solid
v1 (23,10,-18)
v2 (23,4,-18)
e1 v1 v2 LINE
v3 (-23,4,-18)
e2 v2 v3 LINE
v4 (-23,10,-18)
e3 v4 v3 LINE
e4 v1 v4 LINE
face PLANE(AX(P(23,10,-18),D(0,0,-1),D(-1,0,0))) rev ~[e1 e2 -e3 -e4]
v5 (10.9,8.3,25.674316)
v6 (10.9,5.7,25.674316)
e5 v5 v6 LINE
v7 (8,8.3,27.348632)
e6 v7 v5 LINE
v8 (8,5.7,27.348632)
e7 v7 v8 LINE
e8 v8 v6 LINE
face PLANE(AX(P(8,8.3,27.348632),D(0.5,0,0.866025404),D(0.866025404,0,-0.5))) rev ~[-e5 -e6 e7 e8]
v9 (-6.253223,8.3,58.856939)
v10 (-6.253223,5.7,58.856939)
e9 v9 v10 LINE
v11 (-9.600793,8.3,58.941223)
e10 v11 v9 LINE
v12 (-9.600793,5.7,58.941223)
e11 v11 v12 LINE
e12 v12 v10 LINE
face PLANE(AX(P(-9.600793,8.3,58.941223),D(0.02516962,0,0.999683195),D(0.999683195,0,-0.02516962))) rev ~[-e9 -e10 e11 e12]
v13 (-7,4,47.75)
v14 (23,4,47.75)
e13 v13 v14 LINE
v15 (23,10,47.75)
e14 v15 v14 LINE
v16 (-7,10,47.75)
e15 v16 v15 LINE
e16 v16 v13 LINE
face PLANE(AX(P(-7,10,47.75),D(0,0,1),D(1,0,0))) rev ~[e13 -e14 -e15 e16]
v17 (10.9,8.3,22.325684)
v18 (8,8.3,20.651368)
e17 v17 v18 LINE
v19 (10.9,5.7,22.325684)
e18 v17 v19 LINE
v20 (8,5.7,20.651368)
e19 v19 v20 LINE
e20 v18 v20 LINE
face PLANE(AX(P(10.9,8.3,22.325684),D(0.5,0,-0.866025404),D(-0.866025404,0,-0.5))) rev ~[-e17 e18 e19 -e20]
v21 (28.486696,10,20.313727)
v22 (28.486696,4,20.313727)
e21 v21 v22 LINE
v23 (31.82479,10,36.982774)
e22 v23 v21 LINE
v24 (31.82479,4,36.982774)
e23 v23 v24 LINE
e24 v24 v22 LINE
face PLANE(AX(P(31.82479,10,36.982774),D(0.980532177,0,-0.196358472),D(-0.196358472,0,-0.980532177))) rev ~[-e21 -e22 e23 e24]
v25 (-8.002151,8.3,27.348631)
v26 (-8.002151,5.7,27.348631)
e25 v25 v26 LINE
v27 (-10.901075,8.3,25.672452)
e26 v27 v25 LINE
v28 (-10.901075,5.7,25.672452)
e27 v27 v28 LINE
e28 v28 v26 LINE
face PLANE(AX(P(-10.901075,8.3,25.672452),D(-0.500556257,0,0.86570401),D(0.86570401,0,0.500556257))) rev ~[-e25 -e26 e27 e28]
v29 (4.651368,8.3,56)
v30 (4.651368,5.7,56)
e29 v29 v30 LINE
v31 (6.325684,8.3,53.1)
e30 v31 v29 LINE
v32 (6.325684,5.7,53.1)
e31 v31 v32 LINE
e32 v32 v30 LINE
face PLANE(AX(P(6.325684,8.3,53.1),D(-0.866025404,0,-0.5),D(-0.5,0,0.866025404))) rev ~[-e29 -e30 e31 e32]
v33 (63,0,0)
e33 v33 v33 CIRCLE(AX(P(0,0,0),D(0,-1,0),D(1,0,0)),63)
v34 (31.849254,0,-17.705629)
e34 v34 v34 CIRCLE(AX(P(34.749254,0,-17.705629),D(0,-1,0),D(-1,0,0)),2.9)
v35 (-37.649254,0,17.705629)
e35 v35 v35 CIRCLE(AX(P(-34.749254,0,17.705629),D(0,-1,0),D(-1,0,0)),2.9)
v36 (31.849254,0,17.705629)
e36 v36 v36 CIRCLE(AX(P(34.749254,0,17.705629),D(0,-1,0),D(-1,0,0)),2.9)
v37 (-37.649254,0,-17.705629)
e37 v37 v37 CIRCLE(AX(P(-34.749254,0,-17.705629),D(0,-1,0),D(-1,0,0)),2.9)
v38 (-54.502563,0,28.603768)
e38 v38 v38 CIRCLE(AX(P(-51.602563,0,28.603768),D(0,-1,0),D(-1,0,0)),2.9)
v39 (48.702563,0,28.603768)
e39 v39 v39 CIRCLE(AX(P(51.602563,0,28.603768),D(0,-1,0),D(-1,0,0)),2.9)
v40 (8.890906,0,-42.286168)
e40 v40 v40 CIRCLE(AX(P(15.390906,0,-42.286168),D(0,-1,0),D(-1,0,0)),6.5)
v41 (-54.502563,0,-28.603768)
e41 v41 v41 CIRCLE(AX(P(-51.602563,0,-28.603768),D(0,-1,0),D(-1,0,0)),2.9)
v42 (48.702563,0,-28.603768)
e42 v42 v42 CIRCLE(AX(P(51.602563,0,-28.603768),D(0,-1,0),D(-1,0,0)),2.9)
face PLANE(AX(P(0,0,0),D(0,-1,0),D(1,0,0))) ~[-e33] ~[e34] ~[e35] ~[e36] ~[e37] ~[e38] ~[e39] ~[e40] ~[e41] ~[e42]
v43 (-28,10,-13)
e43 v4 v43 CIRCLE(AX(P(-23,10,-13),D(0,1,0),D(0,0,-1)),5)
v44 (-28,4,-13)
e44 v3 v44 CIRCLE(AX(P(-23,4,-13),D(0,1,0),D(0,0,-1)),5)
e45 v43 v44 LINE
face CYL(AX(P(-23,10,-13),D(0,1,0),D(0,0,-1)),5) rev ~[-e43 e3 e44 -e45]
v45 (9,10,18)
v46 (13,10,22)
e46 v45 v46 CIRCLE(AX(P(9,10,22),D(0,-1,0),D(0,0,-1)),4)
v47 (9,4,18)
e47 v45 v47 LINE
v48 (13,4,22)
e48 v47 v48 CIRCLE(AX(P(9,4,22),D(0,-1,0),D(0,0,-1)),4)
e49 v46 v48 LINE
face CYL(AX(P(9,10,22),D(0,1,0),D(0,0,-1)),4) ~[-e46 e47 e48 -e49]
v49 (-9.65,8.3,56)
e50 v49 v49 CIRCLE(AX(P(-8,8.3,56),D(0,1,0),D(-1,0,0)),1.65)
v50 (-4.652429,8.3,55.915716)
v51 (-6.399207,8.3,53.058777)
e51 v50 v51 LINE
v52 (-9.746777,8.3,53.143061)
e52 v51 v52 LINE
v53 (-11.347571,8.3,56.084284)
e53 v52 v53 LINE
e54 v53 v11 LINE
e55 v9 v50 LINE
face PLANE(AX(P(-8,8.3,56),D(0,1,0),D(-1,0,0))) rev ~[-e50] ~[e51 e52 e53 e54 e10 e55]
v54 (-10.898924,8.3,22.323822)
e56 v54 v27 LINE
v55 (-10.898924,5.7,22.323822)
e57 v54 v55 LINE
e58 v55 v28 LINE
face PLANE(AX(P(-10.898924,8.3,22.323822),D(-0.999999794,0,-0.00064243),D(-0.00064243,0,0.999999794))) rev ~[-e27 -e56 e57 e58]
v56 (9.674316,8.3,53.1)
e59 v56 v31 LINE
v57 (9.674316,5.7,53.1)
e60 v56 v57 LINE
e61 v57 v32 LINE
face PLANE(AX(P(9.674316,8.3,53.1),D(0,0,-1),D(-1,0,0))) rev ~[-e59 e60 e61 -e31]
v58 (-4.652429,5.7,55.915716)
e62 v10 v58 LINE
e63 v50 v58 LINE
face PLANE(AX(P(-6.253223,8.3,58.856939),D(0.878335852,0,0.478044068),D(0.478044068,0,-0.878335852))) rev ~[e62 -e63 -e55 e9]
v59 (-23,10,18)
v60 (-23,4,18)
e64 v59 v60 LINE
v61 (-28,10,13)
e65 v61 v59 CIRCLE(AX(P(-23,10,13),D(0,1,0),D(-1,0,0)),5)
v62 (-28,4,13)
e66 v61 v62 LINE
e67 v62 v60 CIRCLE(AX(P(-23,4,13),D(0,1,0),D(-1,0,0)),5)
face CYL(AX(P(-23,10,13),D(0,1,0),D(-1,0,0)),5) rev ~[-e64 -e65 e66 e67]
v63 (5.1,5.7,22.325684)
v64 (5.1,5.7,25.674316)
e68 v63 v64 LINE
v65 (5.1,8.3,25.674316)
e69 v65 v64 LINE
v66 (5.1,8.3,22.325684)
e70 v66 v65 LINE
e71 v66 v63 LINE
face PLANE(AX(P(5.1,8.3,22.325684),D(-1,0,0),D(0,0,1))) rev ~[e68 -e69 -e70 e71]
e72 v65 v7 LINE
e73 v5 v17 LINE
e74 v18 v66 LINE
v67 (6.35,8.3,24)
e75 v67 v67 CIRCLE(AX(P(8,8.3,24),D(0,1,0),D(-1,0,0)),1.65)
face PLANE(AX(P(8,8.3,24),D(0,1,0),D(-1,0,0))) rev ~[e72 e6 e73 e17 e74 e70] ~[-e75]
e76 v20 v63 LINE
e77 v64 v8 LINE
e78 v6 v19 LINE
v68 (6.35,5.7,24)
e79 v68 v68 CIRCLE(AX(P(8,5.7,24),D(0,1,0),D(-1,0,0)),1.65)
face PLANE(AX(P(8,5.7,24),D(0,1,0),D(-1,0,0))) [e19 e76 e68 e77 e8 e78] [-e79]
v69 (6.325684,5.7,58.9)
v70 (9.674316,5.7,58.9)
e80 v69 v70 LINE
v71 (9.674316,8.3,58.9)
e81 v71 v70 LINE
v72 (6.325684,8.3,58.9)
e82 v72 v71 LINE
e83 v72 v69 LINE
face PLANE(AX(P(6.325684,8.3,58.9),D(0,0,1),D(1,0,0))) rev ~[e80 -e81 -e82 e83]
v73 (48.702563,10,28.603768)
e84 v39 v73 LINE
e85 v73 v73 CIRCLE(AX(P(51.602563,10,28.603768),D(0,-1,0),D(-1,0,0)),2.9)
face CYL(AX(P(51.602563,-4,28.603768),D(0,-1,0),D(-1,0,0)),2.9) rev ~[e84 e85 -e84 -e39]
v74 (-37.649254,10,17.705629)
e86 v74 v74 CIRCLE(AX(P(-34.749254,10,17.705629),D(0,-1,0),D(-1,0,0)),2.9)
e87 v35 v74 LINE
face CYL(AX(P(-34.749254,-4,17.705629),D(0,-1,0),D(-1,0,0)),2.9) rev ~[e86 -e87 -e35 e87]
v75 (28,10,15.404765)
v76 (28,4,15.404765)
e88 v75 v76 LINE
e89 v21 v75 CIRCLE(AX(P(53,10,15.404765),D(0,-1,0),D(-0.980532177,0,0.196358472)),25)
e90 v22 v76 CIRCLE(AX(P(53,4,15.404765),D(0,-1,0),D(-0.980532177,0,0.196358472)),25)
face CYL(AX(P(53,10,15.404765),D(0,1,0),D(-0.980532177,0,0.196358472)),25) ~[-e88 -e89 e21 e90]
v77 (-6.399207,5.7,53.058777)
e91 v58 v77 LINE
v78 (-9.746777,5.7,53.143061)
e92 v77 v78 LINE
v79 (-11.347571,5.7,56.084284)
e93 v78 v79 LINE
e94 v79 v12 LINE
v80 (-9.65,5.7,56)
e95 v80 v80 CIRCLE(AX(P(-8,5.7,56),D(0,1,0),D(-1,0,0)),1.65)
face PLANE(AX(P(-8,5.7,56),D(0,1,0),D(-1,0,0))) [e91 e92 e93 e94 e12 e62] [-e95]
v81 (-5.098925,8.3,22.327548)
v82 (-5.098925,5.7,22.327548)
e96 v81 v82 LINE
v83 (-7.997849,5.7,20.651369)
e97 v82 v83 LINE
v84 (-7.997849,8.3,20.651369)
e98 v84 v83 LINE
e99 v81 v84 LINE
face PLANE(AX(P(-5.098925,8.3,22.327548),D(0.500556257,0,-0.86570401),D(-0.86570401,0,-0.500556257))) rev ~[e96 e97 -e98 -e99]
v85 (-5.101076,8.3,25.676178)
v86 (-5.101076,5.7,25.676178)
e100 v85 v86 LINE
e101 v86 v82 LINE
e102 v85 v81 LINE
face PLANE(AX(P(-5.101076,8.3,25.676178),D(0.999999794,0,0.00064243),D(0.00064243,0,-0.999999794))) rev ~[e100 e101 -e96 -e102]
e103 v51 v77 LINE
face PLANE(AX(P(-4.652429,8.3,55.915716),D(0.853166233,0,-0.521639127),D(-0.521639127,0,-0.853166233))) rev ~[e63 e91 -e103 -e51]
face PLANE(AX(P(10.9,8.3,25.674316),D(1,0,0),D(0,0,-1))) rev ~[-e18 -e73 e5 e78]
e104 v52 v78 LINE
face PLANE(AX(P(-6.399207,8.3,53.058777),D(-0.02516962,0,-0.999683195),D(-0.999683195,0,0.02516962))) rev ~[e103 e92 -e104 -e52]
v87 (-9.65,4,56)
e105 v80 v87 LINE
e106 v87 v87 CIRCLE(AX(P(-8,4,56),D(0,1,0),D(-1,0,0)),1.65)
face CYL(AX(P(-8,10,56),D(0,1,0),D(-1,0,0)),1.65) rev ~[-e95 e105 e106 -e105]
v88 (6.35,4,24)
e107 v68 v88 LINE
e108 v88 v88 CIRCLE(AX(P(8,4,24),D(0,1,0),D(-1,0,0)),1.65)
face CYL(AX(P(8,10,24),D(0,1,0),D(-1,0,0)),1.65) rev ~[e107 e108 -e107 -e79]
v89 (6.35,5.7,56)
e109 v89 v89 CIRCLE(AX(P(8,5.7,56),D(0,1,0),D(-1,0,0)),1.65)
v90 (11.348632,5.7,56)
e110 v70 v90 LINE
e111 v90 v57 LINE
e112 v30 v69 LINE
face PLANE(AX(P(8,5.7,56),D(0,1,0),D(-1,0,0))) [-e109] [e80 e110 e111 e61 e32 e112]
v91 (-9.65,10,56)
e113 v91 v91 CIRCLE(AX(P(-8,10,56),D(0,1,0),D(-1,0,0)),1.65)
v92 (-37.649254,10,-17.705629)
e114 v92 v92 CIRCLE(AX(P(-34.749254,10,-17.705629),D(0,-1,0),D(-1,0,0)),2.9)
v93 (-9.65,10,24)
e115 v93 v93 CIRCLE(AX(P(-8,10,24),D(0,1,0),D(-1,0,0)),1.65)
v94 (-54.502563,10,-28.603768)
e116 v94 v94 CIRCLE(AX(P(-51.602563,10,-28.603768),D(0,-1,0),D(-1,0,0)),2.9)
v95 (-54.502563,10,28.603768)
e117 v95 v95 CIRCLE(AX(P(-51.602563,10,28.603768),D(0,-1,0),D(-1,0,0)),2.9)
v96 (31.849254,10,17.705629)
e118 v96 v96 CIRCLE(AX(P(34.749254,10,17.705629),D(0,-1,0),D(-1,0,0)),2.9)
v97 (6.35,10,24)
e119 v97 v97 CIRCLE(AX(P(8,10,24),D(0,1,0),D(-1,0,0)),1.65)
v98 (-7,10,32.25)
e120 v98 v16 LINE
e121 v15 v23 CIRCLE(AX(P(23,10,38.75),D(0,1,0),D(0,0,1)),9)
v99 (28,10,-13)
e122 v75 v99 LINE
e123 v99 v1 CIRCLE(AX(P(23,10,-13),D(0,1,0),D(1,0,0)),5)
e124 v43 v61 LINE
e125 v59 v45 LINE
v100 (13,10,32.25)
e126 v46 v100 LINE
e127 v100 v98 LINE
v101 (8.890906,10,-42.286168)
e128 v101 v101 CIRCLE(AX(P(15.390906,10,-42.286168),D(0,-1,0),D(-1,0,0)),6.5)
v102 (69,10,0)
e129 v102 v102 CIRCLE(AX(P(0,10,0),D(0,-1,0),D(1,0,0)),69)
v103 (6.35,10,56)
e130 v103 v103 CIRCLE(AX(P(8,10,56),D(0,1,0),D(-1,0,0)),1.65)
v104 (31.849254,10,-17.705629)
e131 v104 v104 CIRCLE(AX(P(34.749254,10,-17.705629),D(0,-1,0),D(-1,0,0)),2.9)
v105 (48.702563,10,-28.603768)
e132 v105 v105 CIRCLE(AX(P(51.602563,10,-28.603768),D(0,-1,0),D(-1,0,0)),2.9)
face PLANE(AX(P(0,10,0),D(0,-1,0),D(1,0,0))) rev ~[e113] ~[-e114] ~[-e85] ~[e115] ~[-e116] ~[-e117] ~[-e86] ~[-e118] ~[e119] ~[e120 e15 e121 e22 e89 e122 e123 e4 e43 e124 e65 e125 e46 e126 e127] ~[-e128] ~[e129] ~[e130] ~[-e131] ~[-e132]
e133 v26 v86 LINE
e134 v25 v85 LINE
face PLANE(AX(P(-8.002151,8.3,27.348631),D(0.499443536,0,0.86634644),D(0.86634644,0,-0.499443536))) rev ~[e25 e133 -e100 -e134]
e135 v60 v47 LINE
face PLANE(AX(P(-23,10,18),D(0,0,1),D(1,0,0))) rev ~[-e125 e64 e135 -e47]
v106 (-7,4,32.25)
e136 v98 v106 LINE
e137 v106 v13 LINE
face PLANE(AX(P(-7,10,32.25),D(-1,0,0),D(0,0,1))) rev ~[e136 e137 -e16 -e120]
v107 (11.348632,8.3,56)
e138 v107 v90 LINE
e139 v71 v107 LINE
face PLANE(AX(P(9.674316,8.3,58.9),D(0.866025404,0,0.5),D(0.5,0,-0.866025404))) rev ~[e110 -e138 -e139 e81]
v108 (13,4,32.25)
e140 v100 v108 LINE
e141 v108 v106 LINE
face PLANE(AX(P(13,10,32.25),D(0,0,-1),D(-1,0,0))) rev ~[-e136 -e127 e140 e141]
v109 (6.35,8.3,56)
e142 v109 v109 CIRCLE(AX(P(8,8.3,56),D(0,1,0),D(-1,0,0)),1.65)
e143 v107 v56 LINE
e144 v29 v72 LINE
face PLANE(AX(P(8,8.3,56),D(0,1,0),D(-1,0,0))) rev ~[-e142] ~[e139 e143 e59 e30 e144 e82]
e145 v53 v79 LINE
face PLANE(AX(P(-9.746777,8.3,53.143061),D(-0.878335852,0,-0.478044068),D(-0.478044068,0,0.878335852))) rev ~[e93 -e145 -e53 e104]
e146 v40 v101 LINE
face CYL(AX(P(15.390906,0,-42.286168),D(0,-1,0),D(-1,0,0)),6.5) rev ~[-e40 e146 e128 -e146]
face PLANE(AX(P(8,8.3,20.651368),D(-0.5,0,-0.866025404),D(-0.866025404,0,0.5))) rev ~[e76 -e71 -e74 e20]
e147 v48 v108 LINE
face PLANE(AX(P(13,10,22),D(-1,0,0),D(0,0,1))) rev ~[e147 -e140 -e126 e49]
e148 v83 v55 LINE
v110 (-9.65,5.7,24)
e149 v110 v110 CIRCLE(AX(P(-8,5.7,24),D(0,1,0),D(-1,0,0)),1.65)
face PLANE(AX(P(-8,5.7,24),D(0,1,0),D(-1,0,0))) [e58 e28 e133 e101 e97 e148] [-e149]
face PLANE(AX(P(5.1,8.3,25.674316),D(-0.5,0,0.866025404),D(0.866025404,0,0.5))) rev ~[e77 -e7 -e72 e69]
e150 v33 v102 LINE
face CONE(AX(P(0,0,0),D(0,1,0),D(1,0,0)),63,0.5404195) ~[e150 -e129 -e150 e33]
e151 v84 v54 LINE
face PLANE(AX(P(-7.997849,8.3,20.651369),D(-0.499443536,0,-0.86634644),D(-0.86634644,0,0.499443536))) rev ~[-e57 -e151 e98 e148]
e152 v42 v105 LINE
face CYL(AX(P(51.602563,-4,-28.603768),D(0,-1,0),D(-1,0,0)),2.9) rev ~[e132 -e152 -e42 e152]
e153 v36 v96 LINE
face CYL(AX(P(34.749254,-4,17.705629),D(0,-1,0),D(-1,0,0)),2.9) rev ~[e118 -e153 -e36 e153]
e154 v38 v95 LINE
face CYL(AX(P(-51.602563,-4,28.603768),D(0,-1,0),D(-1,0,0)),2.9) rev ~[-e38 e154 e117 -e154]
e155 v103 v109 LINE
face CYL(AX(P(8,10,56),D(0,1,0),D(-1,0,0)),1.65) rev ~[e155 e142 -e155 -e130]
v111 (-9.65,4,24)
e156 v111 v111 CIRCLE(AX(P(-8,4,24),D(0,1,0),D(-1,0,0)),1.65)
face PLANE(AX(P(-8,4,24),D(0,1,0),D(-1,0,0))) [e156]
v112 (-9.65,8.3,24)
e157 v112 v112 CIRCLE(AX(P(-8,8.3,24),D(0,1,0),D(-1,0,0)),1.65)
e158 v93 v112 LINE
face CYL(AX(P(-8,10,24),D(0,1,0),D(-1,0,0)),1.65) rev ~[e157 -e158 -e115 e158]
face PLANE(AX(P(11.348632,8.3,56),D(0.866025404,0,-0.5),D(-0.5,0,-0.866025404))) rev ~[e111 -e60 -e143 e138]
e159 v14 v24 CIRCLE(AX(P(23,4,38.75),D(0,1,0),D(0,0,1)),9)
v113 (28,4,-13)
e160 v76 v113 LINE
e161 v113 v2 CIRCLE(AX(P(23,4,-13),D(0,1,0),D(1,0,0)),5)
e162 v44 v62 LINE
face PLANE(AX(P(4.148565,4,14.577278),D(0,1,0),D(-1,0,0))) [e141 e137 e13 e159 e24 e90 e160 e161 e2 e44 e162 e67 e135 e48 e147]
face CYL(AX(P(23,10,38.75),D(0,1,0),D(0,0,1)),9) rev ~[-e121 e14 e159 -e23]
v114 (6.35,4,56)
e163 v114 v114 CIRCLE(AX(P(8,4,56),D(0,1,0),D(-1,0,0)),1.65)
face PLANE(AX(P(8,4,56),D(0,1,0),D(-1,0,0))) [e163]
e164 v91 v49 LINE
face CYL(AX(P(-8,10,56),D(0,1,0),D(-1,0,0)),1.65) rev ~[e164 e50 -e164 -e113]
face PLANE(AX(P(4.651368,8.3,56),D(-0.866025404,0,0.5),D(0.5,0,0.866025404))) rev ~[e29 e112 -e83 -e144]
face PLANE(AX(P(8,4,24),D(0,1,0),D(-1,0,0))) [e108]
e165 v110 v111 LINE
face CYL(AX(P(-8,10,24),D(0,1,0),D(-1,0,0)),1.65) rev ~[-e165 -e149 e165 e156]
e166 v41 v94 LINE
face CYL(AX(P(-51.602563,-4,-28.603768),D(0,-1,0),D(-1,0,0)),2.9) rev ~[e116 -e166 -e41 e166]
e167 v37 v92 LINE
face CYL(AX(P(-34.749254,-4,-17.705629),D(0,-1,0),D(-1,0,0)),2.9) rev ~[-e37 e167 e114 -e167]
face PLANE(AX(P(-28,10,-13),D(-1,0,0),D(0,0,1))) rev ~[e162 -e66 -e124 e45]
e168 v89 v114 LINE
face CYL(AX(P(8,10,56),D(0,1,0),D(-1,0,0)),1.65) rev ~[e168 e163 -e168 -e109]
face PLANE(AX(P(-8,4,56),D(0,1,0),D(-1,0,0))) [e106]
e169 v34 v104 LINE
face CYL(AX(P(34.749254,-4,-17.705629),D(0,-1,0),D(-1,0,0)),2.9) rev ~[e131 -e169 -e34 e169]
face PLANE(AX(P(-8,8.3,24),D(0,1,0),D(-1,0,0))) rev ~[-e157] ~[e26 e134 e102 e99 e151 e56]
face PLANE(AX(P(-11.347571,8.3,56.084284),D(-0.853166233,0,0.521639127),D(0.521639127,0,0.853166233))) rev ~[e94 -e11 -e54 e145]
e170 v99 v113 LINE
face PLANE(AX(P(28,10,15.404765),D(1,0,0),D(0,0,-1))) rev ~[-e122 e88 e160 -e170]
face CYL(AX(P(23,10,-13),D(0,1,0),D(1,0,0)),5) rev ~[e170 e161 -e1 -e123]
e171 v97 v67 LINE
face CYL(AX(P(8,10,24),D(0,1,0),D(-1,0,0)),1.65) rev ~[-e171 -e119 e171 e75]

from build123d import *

# Parameters (mm, degrees)
SKETCH4_R          = 1.65
CUT_EXTRUDE1_DEPTH = 4
CUT_EXTRUDE2_START = 4
SKETCH5_R          = 2.9
CUT_EXTRUDE2_DEPTH = 15
SKETCH7_R          = 6.5
CUT_EXTRUDE4_DEPTH = 10
SKETCH10_R         = 1.65
CUT_EXTRUDE5_DEPTH = 6
CUT_EXTRUDE6_START = -1.7
CUT_EXTRUDE6_DEPTH = 2.6


with BuildPart() as part:
    # Sketch1 → Revolve1 (revolve)
    with BuildSketch(Plane.XY):
        Polygon((0, 0), (63, 0), (69, 10), (0, 10), align=None)
    revolve(axis=Axis((0, 10, 0), (0, -1, 0)))

    # Sketch4 → Cut-Extrude1 (cut)
    with BuildSketch(Plane(origin=(0, 0, 0), x_dir=(1, 0, 0), z_dir=(0, 1, 0))):
        with Locations((34.749254443, 17.70562949)):
            Circle(SKETCH4_R)
        with Locations((51.602562721, 28.603767595)):
            Circle(SKETCH4_R)
        with Locations((51.602562721, -28.603767595)):
            Circle(SKETCH4_R)
        with Locations((34.749254443, -17.70562949)):
            Circle(SKETCH4_R)
        with Locations((-34.749254443, -17.70562949)):
            Circle(SKETCH4_R)
        with Locations((-51.602562721, -28.603767595)):
            Circle(SKETCH4_R)
        with Locations((-51.602562721, 28.603767595)):
            Circle(SKETCH4_R)
        with Locations((-34.749254443, 17.70562949)):
            Circle(SKETCH4_R)
    extrude(amount=CUT_EXTRUDE1_DEPTH, mode=Mode.SUBTRACT)

    # Sketch5 → Cut-Extrude2 (cut, through all)
    with BuildSketch(Plane(origin=(0, 0, 0), x_dir=(-1, 0, 0), z_dir=(0, -1, 0)).offset(CUT_EXTRUDE2_START)):
        with Locations((-51.602562721, 28.603767595)):
            Circle(SKETCH5_R)
        with Locations((-51.602562721, -28.603767595)):
            Circle(SKETCH5_R)
        with Locations((51.602562721, -28.603767595)):
            Circle(SKETCH5_R)
        with Locations((51.602562721, 28.603767595)):
            Circle(SKETCH5_R)
        with Locations((-34.749254443, 17.70562949)):
            Circle(SKETCH5_R)
        with Locations((-34.749254443, -17.70562949)):
            Circle(SKETCH5_R)
        with Locations((34.749254443, -17.70562949)):
            Circle(SKETCH5_R)
        with Locations((34.749254443, 17.70562949)):
            Circle(SKETCH5_R)
    extrude(amount=-CUT_EXTRUDE2_DEPTH, mode=Mode.SUBTRACT)

    # Sketch7 → Cut-Extrude4 (cut)
    with BuildSketch(Plane(origin=(0, 0, 0), x_dir=(-1, 0, 0), z_dir=(0, -1, 0))):
        with Locations((-15.39090645, 42.286167935)):
            Circle(SKETCH7_R)
    extrude(amount=-CUT_EXTRUDE4_DEPTH, mode=Mode.SUBTRACT)

    # Sketch10 → Cut-Extrude5 (cut)
    with BuildSketch(Plane(origin=(0, 10, 0), x_dir=(-1, 0, 0), z_dir=(0, 1, 0))):
        with Locations((-8, 56)):
            Circle(SKETCH10_R)
        with Locations((8, 56)):
            Circle(SKETCH10_R)
        with Locations((8, 24)):
            Circle(SKETCH10_R)
        with Locations((-8, 24)):
            Circle(SKETCH10_R)
        with BuildLine():
            Line((-13, 32.25), (7, 32.25))
            Line((7, 32.25), (7, 47.75))
            Line((7, 47.75), (-23, 47.75))
            ThreePointArc((-23, 47.75), (-29.960784303, 44.455040042), (-31.824789595, 36.982773752))
            Line((-31.824789595, 36.982773752), (-28.486695571, 20.31372674))
            ThreePointArc((-28.486695571, 20.31372674), (-28.121971433, 17.871279613), (-28, 15.40476494))
            Line((-28, 15.40476494), (-28, -13))
            ThreePointArc((-28, -13), (-26.535533906, -16.535533906), (-23, -18))
            Line((-23, -18), (23, -18))
            ThreePointArc((23, -18), (26.535533906, -16.535533906), (28, -13))
            Line((28, -13), (28, 13))
            ThreePointArc((28, 13), (26.535533906, 16.535533906), (23, 18))
            Line((23, 18), (-9, 18))
            ThreePointArc((-9, 18), (-11.828427125, 19.171572875), (-13, 22))
            Line((-13, 22), (-13, 32.25))
        make_face()
    extrude(amount=-CUT_EXTRUDE5_DEPTH, mode=Mode.SUBTRACT)

    # Sketch11 → Cut-Extrude6 (cut)
    with BuildSketch(Plane(origin=(0, 10, 0), x_dir=(-1, 0, 0), z_dir=(0, 1, 0)).offset(CUT_EXTRUDE6_START)):
        Polygon((-4.651368439, 56), (-6.325684219, 58.9), (-9.674315781, 58.9), (-11.348631561, 56), (-9.674315781, 53.1), (-6.325684219, 53.1), align=None)
        Polygon((11.347570698, 56.084283782), (9.600793452, 58.941223157), (6.253222754, 58.856939374), (4.652429302, 55.915716218), (6.399206548, 53.058776843), (9.746777246, 53.143060626), align=None)
        Polygon((-5.1, 25.674315781), (-8, 27.348631561), (-10.9, 25.674315781), (-10.9, 22.325684219), (-8, 20.651368439), (-5.1, 22.325684219), align=None)
        Polygon((10.898923771, 22.323821518), (10.901075032, 25.672452388), (8.002151261, 27.34863087), (5.101076229, 25.676178482), (5.098924968, 22.327547612), (7.997848739, 20.65136913), align=None)
    extrude(amount=-CUT_EXTRUDE6_DEPTH, mode=Mode.SUBTRACT)


solid = part.part
